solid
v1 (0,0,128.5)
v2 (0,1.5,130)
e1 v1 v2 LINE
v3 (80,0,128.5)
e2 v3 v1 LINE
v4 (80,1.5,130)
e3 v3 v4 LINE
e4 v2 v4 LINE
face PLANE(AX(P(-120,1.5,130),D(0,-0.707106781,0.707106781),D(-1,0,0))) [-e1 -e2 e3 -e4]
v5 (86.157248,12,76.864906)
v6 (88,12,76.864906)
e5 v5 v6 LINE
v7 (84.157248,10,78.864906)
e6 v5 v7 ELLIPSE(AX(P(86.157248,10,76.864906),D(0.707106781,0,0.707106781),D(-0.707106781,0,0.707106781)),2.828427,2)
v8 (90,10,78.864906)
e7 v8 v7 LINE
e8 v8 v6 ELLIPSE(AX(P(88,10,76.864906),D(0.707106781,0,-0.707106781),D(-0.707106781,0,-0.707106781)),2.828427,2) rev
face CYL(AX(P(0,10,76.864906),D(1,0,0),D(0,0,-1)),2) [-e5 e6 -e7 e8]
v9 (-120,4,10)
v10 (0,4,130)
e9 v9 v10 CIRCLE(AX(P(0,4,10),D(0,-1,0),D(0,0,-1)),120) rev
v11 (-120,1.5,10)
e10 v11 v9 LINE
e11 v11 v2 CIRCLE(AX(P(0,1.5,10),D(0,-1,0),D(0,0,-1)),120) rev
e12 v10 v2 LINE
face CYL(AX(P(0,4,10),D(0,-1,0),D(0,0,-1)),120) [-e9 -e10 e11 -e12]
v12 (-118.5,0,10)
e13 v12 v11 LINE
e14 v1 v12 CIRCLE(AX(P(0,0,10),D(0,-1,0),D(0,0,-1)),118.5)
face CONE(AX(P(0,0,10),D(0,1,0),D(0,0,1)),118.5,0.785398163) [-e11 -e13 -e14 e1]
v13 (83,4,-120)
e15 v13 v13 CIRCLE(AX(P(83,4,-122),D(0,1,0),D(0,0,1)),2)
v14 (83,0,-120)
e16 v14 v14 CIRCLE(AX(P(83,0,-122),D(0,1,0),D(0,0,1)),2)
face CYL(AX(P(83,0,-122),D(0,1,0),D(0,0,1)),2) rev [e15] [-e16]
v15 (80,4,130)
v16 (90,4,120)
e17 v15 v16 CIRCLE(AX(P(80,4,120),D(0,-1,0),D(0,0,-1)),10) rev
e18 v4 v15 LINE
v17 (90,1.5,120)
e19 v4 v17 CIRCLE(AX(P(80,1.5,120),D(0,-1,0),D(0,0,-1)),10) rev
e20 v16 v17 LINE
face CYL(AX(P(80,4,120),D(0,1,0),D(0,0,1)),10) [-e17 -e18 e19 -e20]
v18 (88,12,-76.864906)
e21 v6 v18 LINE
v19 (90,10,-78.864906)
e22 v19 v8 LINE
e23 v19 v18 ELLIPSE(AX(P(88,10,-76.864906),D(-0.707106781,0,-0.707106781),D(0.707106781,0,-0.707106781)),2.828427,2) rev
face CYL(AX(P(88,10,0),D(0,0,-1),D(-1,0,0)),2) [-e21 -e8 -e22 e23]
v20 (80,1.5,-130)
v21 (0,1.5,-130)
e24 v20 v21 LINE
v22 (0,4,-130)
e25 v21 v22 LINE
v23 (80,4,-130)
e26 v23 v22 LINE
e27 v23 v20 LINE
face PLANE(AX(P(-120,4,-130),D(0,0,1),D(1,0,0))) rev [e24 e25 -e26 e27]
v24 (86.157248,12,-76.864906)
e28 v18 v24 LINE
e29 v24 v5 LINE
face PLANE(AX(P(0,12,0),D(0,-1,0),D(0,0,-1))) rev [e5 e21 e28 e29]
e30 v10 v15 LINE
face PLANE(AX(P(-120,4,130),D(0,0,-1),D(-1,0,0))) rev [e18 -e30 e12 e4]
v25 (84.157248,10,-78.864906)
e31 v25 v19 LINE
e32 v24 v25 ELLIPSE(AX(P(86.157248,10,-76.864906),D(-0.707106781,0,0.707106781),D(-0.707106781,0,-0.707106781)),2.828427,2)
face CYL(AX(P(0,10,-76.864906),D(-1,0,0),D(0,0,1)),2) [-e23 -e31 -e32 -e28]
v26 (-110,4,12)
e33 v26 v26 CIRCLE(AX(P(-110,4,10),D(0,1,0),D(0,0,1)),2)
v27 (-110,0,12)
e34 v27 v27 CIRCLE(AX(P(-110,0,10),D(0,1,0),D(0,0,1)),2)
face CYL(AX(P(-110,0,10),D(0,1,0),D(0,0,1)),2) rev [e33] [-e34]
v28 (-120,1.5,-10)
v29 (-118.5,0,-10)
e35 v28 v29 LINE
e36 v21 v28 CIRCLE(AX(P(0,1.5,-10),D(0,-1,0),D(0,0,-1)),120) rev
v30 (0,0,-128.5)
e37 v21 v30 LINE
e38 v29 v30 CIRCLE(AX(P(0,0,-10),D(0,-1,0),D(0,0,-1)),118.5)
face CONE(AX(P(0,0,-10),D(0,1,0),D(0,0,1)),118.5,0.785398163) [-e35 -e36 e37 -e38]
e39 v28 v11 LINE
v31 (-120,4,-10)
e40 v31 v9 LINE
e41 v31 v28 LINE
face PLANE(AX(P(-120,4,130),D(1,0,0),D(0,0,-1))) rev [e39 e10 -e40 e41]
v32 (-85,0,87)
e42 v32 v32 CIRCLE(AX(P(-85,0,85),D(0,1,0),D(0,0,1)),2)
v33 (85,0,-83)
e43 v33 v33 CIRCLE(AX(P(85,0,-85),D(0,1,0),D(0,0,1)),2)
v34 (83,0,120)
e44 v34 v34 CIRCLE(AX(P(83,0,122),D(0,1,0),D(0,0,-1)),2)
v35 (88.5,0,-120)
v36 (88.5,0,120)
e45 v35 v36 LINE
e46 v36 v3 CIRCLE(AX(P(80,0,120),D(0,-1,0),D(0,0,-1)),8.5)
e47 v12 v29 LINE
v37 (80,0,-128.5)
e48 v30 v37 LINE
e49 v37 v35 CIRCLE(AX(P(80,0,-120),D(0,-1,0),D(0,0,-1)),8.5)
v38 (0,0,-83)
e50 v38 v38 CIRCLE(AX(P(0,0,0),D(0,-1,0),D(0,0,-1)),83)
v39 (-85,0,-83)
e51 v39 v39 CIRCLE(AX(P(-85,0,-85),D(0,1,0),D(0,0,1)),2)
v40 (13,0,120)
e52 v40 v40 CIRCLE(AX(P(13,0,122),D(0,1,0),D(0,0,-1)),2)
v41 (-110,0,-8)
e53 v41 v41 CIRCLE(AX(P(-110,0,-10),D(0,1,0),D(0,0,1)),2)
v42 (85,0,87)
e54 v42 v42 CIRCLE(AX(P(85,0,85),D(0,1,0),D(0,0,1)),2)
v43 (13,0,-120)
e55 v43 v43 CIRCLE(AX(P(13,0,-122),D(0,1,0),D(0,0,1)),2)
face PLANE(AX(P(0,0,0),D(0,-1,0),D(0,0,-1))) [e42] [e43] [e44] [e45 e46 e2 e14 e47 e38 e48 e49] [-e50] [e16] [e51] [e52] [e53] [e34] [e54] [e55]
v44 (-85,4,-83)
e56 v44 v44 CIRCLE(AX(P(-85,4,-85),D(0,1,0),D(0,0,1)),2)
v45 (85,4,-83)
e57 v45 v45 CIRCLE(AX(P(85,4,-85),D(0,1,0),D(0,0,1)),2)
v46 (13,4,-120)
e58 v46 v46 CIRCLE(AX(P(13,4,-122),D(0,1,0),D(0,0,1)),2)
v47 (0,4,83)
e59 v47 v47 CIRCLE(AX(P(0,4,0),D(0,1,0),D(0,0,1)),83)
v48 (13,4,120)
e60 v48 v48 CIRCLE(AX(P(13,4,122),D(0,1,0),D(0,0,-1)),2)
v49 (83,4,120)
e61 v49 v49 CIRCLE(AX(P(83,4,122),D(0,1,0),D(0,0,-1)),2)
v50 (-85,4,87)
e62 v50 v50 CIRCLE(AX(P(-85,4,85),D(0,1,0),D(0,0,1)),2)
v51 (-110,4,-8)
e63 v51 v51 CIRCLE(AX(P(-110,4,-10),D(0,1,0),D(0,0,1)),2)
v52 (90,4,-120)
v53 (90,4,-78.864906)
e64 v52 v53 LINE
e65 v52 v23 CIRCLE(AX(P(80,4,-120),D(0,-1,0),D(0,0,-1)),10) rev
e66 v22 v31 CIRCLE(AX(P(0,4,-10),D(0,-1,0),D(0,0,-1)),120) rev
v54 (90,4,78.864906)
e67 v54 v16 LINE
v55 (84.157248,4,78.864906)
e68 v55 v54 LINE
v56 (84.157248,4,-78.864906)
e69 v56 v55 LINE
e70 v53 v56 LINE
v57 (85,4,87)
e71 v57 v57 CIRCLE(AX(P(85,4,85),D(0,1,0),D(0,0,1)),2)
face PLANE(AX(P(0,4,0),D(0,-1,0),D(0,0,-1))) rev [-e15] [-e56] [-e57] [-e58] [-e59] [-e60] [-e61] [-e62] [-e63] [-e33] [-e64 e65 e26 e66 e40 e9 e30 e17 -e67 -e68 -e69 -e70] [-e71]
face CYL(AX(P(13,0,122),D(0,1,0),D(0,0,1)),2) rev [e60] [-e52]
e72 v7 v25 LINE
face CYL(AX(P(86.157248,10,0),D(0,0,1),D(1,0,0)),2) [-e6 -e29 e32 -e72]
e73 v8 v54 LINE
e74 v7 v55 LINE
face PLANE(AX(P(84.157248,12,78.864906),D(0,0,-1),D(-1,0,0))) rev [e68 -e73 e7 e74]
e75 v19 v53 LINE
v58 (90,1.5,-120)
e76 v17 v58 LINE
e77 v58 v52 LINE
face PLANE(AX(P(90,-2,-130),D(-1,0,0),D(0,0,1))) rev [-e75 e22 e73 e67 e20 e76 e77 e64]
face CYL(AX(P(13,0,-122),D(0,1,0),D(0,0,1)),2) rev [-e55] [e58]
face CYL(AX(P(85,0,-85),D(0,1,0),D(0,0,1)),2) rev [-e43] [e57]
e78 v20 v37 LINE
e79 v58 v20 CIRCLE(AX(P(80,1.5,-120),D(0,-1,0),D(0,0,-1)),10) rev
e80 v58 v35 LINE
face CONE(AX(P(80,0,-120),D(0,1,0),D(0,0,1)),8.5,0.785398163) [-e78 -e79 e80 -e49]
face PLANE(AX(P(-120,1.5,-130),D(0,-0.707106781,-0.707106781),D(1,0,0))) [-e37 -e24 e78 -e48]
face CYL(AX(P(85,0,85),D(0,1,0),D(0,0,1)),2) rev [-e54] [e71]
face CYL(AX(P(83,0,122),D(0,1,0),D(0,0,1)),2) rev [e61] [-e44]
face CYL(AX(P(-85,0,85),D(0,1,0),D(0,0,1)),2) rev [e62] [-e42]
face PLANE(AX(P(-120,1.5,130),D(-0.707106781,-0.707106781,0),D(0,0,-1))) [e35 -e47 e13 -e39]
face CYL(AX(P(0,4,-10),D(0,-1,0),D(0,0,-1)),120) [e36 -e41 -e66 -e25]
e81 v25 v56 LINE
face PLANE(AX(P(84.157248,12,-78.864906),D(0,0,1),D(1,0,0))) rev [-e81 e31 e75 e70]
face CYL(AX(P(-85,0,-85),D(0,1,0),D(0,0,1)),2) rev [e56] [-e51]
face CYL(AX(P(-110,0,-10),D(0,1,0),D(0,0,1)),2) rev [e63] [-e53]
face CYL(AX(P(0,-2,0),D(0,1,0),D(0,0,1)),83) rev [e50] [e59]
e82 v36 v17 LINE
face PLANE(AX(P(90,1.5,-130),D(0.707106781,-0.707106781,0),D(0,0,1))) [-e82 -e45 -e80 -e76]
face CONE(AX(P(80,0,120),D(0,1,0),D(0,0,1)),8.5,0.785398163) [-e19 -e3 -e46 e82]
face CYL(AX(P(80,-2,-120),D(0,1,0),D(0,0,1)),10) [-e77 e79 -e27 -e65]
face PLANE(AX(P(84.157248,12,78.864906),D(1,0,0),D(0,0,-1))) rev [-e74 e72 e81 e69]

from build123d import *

# Parameters (mm, degrees)
SKETCH_1_W          = 240
SKETCH_1_H          = 260
EXTRUDE_1_DEPTH     = 4
SKETCH_2_R          = 2
CUT_EXTRUDE_1_DEPTH = 177.963273026
SKETCH_3_W          = 30
SKETCH_3_H          = 260
CUT_EXTRUDE_2_DEPTH = 6
FILLET_2_R          = 10
FILLET_3_R          = 120
SKETCH_4_R          = 83
CUT_EXTRUDE_3_DEPTH = 6
SKETCH_5_W          = 5.842752146
SKETCH_5_H          = 157.729812976
EXTRUDE_2_DEPTH     = 8
FILLET_4_R          = 2
CHAMFER_1_SIZE      = 1.5


with BuildPart() as part:
    # Эскиз1 → Бобышка-Вытянуть1 (new body)
    with BuildSketch(Plane(origin=(0, 0, 0), x_dir=(1, 0, 0), z_dir=(0, 1, 0))):
        Rectangle(SKETCH_1_W, SKETCH_1_H)
    extrude(amount=EXTRUDE_1_DEPTH)

    # Эскиз2 → Вырез-Вытянуть1 (cut, through all)
    with BuildSketch(Plane(origin=(0, 4, 0), x_dir=(1, 0, 0), z_dir=(0, 1, 0))):
        with Locations(Location((83, 122, 0), (0, 0, 270))):
            Circle(SKETCH_2_R)
        with Locations(Location((13, 122, 0), (0, 0, 270))):
            Circle(SKETCH_2_R)
        with Locations(Location((83, -122, 0), (0, 0, 90))):
            Circle(SKETCH_2_R)
        with Locations(Location((13, -122, 0), (0, 0, 90))):
            Circle(SKETCH_2_R)
        with Locations(Location((-110, 10, 0), (0, 0, 270))):
            Circle(SKETCH_2_R)
        with Locations(Location((-110, -10, 0), (0, 0, 270))):
            Circle(SKETCH_2_R)
        with Locations(Location((-85, 85, 0), (0, 0, 270))):
            Circle(SKETCH_2_R)
        with Locations(Location((85, 85, 0), (0, 0, 270))):
            Circle(SKETCH_2_R)
        with Locations(Location((-85, -85, 0), (0, 0, 270))):
            Circle(SKETCH_2_R)
        with Locations(Location((85, -85, 0), (0, 0, 270))):
            Circle(SKETCH_2_R)
    extrude(amount=-CUT_EXTRUDE_1_DEPTH, mode=Mode.SUBTRACT)

    # Эскиз3 → Вырез-Вытянуть2 (cut)
    with BuildSketch(Plane(origin=(0, 4, 0), x_dir=(1, 0, 0), z_dir=(0, 1, 0))):
        with Locations((105, 0)):
            Rectangle(SKETCH_3_W, SKETCH_3_H)
    extrude(amount=-CUT_EXTRUDE_2_DEPTH, mode=Mode.SUBTRACT)

    # Скругление2
    fillet_2_edges = [part.edges().sort_by_distance(p)[0] for p in [
        (90, 2, 130),
        (90, 2, -130),
    ]]
    fillet(fillet_2_edges, radius=FILLET_2_R)

    # Скругление3
    fillet_3_edges = [part.edges().sort_by_distance(p)[0] for p in [
        (-120, 2, 130),
        (-120, 2, -130),
    ]]
    fillet(fillet_3_edges, radius=FILLET_3_R)

    # Эскиз4 → Вырез-Вытянуть3 (cut)
    with BuildSketch(Plane(origin=(0, 4, 0), x_dir=(1, 0, 0), z_dir=(0, 1, 0))):
        with Locations(Location((0, 0, 0), (0, 0, 270))):
            Circle(SKETCH_4_R)
    extrude(amount=-CUT_EXTRUDE_3_DEPTH, mode=Mode.SUBTRACT)

    # Эскиз5 → Бобышка-Вытянуть2 (add)
    with BuildSketch(Plane(origin=(0, 4, 0), x_dir=(1, 0, 0), z_dir=(0, 1, 0))):
        with Locations((87.078623927, 0)):
            Rectangle(SKETCH_5_W, SKETCH_5_H)
    extrude(amount=EXTRUDE_2_DEPTH)

    # Скругление4
    fillet_4_edges = [part.edges().sort_by_distance(p)[0] for p in [
        (90, 12, 0),
        (87.078623927, 12, -78.864906488),
        (84.157247854, 12, 0),
        (87.078623927, 12, 78.864906488),
    ]]
    fillet(fillet_4_edges, radius=FILLET_4_R)

    # Фаска1
    chamfer_1_edges = [part.edges().sort_by_distance(p)[0] for p in [
        (90, 0, 0),
        (40, 0, -130),
        (87.071067812, 0, 127.071067812),
        (87.071067812, 0, -127.071067812),
        (-120, 0, 0),
        (40, 0, 130),
        (-84.852813742, 0, 94.852813742),
        (-84.852813742, 0, -94.852813742),
    ]]
    chamfer(chamfer_1_edges, length=CHAMFER_1_SIZE)


solid = part.part
